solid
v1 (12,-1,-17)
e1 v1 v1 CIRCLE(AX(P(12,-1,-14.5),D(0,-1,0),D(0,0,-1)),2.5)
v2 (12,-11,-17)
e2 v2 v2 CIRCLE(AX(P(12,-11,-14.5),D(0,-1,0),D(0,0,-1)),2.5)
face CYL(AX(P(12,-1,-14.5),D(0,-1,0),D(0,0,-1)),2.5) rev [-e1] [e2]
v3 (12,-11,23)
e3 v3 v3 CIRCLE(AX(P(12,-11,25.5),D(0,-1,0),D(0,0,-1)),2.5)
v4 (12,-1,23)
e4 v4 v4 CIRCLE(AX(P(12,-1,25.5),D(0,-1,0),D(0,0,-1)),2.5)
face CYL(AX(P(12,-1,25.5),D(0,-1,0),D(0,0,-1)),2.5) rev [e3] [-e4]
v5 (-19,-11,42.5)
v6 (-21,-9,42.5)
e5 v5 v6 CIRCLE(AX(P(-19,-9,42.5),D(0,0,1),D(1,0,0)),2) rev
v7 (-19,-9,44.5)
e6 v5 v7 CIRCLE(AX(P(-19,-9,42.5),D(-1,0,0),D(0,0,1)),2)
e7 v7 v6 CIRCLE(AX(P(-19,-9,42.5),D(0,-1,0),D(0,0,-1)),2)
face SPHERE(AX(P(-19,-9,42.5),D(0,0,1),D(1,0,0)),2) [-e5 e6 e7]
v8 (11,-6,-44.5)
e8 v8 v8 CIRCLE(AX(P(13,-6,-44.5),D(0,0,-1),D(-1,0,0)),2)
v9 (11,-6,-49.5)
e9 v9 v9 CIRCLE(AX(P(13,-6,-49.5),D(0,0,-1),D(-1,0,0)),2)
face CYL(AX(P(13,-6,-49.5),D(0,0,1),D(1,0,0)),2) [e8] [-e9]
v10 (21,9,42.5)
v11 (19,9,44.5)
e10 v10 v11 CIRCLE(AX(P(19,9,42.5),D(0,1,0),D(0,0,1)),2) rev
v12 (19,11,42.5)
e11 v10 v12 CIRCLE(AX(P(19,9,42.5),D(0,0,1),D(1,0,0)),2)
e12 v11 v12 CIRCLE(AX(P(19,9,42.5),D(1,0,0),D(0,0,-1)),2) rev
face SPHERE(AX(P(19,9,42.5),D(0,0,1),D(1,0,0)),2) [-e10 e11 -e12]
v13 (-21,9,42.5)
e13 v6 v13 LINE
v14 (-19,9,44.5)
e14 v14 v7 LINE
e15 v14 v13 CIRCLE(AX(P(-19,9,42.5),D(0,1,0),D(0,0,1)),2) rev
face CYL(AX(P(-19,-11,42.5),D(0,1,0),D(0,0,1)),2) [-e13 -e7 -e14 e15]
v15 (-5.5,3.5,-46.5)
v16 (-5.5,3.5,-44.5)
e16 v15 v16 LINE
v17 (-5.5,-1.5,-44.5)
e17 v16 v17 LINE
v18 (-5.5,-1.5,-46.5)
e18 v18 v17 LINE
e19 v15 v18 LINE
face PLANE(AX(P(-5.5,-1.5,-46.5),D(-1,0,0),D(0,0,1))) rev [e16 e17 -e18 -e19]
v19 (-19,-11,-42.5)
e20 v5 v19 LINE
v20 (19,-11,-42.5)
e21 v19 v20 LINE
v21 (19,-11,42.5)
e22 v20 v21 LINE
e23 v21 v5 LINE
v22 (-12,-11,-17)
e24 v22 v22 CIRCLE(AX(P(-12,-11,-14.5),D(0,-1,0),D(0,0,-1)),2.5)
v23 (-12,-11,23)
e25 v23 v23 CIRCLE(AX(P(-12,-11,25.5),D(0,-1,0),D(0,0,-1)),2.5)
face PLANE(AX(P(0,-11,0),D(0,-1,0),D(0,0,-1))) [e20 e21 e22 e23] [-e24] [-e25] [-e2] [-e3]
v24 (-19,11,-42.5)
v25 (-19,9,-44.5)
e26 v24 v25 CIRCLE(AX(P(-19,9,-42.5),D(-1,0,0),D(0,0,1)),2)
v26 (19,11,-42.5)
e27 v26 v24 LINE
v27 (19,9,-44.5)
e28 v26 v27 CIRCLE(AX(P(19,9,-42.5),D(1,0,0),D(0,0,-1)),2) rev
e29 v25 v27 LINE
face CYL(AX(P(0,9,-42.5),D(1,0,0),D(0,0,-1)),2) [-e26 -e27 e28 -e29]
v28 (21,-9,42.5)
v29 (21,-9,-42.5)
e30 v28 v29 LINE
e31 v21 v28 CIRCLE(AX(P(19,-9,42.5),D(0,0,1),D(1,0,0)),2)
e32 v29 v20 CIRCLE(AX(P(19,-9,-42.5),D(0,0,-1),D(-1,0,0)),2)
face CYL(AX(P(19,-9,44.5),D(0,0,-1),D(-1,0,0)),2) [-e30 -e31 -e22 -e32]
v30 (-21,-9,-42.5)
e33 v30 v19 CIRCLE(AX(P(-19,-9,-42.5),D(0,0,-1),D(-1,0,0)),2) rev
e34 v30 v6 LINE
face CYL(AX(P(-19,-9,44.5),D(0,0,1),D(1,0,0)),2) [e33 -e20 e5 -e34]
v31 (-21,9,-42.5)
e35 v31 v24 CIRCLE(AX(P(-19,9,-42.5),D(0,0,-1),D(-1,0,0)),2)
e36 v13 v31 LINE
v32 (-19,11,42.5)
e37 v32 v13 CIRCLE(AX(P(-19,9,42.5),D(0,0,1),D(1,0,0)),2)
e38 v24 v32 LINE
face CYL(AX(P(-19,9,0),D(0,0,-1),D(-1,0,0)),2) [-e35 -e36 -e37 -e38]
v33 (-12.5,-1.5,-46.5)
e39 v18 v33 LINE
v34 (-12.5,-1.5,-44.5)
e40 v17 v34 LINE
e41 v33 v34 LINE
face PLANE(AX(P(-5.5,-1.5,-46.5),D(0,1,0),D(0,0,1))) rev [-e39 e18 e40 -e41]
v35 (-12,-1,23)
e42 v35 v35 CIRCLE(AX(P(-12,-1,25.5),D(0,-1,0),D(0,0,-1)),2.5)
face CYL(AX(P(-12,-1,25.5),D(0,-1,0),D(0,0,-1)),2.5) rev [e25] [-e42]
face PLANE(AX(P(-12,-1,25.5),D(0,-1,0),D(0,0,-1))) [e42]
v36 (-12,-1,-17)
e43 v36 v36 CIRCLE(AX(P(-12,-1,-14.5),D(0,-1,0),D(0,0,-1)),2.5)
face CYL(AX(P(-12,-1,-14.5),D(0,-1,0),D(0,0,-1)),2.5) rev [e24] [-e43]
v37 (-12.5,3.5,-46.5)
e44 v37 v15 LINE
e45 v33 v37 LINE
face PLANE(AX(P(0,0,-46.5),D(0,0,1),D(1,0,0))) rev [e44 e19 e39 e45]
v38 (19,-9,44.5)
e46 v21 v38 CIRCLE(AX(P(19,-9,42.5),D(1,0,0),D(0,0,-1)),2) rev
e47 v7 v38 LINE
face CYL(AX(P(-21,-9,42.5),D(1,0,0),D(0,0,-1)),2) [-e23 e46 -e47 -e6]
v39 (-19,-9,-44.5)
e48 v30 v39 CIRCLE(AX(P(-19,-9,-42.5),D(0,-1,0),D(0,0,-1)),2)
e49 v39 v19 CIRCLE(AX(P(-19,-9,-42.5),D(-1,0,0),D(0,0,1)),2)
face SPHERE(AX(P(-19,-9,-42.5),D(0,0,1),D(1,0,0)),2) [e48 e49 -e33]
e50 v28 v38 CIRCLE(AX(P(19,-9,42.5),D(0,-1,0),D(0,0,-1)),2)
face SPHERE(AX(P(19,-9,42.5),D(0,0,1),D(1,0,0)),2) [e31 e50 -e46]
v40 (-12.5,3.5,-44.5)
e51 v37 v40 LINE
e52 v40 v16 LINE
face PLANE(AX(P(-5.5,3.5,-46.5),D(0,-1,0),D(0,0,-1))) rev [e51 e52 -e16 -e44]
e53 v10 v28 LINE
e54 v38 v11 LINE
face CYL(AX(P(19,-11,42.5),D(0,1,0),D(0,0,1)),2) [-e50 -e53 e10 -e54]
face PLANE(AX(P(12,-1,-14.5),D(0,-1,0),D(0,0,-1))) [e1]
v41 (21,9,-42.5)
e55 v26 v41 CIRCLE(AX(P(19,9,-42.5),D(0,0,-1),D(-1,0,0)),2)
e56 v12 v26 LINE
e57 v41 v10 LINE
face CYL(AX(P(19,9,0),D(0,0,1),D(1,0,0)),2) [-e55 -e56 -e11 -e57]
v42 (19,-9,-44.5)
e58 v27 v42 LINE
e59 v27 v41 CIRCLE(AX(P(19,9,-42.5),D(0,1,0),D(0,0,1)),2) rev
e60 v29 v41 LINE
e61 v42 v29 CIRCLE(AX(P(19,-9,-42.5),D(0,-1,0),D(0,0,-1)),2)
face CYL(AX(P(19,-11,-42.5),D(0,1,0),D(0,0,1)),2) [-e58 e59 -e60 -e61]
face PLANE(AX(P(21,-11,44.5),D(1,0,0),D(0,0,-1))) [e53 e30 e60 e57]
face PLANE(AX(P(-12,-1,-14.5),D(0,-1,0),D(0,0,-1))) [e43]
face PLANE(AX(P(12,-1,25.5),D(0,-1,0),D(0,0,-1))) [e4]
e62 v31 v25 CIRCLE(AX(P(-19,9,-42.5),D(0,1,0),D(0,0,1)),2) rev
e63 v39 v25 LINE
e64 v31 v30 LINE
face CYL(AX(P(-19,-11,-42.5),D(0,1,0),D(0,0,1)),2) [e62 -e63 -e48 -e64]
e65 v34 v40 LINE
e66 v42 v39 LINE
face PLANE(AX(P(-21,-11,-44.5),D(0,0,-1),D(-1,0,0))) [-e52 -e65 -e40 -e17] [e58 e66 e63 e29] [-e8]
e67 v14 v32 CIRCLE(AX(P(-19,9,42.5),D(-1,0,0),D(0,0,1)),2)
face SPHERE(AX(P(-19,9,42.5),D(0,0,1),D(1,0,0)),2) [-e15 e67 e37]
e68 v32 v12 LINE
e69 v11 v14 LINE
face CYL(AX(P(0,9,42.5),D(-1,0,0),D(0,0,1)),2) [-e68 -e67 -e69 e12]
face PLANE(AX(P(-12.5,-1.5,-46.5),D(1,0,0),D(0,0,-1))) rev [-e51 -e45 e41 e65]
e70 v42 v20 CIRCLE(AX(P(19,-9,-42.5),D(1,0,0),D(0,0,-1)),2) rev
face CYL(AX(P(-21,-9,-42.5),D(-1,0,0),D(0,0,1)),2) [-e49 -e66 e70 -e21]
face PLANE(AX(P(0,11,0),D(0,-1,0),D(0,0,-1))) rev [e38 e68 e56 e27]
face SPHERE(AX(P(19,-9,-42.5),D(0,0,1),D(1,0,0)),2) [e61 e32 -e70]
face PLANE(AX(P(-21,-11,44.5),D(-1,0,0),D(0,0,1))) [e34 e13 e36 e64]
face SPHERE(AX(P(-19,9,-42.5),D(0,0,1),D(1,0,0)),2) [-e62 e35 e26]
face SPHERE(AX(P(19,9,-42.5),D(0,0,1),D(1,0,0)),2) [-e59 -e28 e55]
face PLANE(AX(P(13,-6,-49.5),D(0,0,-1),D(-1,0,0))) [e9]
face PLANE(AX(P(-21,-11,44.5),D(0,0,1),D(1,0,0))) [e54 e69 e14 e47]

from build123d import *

# Parameters (mm, degrees)
EXTRUDE_370_DEPTH      = 11
EXTRUDE_370_DEPTH_BACK = 11
SKETCH_1_W             = 42
SKETCH_1_H             = 89
SKETCH_2_W             = 7
SKETCH_2_H             = 5
EXTRUDE_597_DEPTH      = 2
SKETCH_3_R             = 2
EXTRUDE_827_DEPTH      = 5
SKETCH_4_R             = 2.5
CUT_EXTRUDE_1027_DEPTH = 10
FILLET_1_R             = 2


with BuildPart() as part:
    # Эскиз1 → Extrude 370 (new, two sides: drawn at the far end of the back side and taken through both)
    with BuildSketch(Plane(origin=(0, 0, 0), x_dir=(1, 0, 0), z_dir=(0, 1, 0)).offset(-EXTRUDE_370_DEPTH_BACK)):
        Rectangle(SKETCH_1_W, SKETCH_1_H)
    extrude(amount=EXTRUDE_370_DEPTH + EXTRUDE_370_DEPTH_BACK)

    # Эскиз2 → Extrude 597 (add)
    with BuildSketch(Plane(origin=(0, 0, -44.5), x_dir=(-1, 0, 0), z_dir=(0, 0, -1))):
        with Locations((9, 1)):
            Rectangle(SKETCH_2_W, SKETCH_2_H)
    extrude(amount=EXTRUDE_597_DEPTH)

    # Эскиз3 → Extrude 827 (add)
    with BuildSketch(Plane(origin=(0, 0, -44.5), x_dir=(-1, 0, 0), z_dir=(0, 0, -1))):
        with Locations((-13, -6)):
            Circle(SKETCH_3_R)
    extrude(amount=EXTRUDE_827_DEPTH)

    # Эскиз4 → Cut-Extrude 1027 (cut)
    with BuildSketch(Plane.XZ.offset(11)):
        with Locations((-12, 25.5)):
            Circle(SKETCH_4_R)
        with Locations((12, 25.5)):
            Circle(SKETCH_4_R)
        with Locations((12, -14.5)):
            Circle(SKETCH_4_R)
        with Locations((-12, -14.5)):
            Circle(SKETCH_4_R)
    extrude(amount=-CUT_EXTRUDE_1027_DEPTH, mode=Mode.SUBTRACT)

    # Скругление1
    fillet_1_edges = [part.edges().sort_by_distance(p)[0] for p in [
        (0, -11, -44.5),
        (-21, -11, 0),
        (-21, 0, -44.5),
        (21, -11, 0),
        (21, 0, -44.5),
        (0, -11, 44.5),
        (-21, 0, 44.5),
        (21, 0, 44.5),
        (0, 11, 44.5),
        (-21, 11, 0),
        (0, 11, -44.5),
        (21, 11, 0),
    ]]
    fillet(fillet_1_edges, radius=FILLET_1_R)


solid = part.part
